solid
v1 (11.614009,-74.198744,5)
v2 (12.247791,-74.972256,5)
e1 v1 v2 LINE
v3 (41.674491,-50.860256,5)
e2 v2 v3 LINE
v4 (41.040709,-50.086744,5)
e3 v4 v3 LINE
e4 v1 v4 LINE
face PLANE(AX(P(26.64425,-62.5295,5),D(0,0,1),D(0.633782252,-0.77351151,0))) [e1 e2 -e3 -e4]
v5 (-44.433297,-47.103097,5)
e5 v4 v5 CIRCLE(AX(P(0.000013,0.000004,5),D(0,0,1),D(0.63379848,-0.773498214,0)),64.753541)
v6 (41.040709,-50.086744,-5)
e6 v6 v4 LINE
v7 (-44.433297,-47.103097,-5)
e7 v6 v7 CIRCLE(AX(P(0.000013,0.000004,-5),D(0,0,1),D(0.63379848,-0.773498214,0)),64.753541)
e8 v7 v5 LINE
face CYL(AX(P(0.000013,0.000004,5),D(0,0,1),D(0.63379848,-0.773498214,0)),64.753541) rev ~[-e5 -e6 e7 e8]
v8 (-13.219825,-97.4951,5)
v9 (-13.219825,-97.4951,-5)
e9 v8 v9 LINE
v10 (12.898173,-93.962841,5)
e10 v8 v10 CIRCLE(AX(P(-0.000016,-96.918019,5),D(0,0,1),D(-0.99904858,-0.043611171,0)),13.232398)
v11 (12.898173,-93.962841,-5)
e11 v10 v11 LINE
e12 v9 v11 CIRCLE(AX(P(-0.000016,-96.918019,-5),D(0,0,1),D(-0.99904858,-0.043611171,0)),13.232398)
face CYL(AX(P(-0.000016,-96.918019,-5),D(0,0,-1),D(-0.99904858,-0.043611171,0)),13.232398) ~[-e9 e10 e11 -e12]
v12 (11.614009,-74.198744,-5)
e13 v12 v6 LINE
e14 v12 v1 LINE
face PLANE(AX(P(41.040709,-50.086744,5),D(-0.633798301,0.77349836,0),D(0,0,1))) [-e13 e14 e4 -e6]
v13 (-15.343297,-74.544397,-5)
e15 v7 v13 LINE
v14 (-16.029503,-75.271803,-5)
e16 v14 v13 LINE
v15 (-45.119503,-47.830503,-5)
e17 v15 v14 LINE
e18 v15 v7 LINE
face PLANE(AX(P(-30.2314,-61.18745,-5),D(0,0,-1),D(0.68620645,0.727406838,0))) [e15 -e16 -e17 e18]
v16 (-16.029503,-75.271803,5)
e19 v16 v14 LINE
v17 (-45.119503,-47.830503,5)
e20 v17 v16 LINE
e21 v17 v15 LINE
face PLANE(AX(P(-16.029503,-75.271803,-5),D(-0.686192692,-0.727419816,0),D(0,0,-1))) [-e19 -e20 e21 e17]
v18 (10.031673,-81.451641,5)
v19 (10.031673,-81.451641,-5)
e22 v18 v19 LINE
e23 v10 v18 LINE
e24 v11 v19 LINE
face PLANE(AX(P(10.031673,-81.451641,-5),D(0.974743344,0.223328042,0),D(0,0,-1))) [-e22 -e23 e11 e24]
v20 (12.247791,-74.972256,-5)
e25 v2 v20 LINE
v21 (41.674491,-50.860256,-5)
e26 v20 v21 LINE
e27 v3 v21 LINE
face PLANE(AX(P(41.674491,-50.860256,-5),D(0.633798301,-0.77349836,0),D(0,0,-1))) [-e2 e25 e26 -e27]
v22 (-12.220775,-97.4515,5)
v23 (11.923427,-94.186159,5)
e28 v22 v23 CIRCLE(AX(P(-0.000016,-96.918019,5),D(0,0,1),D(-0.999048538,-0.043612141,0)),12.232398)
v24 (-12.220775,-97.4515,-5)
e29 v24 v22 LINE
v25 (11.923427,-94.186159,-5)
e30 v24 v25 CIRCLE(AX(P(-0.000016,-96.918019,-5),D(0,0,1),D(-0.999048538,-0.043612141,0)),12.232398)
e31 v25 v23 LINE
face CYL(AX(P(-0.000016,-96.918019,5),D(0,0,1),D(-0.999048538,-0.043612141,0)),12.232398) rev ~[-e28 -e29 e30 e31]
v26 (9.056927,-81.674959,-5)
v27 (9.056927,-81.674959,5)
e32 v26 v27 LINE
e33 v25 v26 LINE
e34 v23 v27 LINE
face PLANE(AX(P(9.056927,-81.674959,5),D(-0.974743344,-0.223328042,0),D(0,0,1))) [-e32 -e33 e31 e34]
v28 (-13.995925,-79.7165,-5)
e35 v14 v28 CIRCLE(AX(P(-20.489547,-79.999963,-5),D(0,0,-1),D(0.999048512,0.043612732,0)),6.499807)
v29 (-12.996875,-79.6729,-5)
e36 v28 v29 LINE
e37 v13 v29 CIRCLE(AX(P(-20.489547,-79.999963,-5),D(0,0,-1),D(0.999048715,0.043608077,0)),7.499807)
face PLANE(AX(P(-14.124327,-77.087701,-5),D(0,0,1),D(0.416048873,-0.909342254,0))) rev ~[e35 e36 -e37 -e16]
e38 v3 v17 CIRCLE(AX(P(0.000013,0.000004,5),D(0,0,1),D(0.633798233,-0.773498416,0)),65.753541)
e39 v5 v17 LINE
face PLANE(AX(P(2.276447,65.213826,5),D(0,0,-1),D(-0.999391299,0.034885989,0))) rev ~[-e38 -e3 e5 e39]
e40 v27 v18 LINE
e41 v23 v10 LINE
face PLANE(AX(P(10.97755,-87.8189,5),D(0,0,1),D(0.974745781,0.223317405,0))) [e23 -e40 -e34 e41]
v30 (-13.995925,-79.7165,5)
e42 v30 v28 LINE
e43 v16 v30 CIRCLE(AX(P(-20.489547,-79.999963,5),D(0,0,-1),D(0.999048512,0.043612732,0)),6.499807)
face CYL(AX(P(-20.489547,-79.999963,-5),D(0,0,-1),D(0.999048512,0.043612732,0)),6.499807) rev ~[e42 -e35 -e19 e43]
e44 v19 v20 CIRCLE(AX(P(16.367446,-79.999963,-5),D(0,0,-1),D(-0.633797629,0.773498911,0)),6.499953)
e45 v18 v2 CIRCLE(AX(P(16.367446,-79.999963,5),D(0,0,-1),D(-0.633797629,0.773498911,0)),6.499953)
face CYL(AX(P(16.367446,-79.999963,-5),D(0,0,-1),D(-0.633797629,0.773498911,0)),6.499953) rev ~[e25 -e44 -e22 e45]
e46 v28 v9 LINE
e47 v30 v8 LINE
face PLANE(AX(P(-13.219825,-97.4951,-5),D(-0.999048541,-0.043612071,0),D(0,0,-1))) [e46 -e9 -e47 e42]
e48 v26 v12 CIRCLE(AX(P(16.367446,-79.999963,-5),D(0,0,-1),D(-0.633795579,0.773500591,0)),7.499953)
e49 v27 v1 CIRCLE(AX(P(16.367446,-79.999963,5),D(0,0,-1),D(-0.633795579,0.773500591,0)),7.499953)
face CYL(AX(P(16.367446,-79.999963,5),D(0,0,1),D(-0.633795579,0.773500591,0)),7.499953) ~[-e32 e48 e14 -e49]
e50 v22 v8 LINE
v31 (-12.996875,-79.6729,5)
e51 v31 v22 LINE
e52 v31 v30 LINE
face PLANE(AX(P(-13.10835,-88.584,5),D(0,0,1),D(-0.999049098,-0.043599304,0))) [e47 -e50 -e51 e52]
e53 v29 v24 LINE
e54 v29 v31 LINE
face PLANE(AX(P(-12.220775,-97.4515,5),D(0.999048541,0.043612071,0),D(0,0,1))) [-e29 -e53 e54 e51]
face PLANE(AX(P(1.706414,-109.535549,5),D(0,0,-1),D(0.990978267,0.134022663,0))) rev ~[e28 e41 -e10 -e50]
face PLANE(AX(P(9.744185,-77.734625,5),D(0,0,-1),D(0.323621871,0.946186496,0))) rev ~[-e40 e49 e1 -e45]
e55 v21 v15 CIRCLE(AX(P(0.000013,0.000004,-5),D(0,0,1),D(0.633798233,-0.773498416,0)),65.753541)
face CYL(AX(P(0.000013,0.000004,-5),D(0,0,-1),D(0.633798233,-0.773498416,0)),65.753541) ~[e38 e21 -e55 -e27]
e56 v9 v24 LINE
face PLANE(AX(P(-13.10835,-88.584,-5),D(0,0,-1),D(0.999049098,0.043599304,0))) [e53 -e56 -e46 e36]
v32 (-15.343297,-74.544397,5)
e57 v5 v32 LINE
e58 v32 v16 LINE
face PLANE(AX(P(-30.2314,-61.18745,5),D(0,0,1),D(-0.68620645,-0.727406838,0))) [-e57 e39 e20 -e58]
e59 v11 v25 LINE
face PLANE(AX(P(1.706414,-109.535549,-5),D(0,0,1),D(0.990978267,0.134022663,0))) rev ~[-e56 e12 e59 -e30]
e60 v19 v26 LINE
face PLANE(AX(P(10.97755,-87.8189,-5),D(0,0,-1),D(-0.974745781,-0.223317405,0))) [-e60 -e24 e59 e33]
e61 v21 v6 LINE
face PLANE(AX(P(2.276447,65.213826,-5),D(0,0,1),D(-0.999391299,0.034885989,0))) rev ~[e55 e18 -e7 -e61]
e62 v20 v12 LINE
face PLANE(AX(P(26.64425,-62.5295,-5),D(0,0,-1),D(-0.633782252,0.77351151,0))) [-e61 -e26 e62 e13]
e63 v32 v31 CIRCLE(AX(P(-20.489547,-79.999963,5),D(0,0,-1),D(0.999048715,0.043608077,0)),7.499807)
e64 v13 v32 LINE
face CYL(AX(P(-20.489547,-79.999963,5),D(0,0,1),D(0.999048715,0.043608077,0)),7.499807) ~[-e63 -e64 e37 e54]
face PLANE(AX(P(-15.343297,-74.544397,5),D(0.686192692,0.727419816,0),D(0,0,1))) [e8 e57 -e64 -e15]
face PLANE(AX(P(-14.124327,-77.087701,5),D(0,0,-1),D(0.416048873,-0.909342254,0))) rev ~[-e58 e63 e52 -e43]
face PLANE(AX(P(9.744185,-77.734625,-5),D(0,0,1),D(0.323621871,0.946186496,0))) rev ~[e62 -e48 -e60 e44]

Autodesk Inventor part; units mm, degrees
sketch "Skizzenpfad" plane through (0, 0, 0) normal (0, 0, 1) x (1, 0, 0)
  arc A0 (41.3576, -50.4735) -> (-44.7764, -47.4668) centre (0, 0) ccw
  arc A1 (11.9309, -74.5855) -> (9.5443, -81.5633) centre (16.3675, -80) ccw
  arc A2 (-12.7203, -97.4733) -> (12.4108, -94.0745) centre (0, -96.918) ccw
  arc A3 (-13.4964, -79.6947) -> (-15.6864, -74.9081) centre (-20.4897, -80) ccw
  line L0 (-15.6864, -74.9081) -> (-44.7764, -47.4668)
  line L1 (41.3576, -50.4735) -> (11.9309, -74.5855)
  line L2 (9.5443, -81.5633) -> (12.4108, -94.0745)
  line L3 (-12.7203, -97.4733) -> (-13.4964, -79.6947)
ref_plane "Querschnittsebene" through (-44.7764, -47.4668, 0) normal (0.7274, -0.6862, 0) x (0, 0, 1)
ref_plane "Arbeitsebene2" through (0, 0, 0) normal (-1, 0, 0) x (0, 0, 1)
ref_plane "Arbeitsebene3" through (0, -96.918, 0) normal (-0.1347, 0.9909, 0) x (0, 0, 1)
sketch "Querschnitt" plane through (-44.7764, -47.4668, 0) normal (0.7274, -0.6862, 0) x (0, 0, 1)
  line L0 (-5, 0.5) -> (5, 0.5)
  line L1 (5, 0.5) -> (5, -0.5)
  line L2 (5, -0.5) -> (-5, -0.5)
  line L3 (-5, -0.5) -> (-5, 0.5)
  line L4 (-5, 0) -> (5, 0) construction
  point P0 (0, 0)
  point P1 (0, 0)
  dimension "d0" = 10
  dimension "d4" = 0.5
  dimension "d5" = 0.5
sweep "Riemen" add profiles "Querschnitt" path "Skizzenpfad"
equation "\"d0\" = da_B"
equation "\"d4\" = da_a"
equation "\"d5\" = da_a2"
equation "\"da_B\" = 10"
equation "\"da_pb\" = 5"
equation "\"da_a\" = 0.5"
equation "\"da_S\" = 2.65"
equation "\"da_Beta\" = 20deg"
equation "\"da_Ht\" = 1.2"
equation "\"da_H\" = 2.2"
equation "\"da_a2\" = 0.5"
properties part number "Zahnriemen" material "Rubber"
